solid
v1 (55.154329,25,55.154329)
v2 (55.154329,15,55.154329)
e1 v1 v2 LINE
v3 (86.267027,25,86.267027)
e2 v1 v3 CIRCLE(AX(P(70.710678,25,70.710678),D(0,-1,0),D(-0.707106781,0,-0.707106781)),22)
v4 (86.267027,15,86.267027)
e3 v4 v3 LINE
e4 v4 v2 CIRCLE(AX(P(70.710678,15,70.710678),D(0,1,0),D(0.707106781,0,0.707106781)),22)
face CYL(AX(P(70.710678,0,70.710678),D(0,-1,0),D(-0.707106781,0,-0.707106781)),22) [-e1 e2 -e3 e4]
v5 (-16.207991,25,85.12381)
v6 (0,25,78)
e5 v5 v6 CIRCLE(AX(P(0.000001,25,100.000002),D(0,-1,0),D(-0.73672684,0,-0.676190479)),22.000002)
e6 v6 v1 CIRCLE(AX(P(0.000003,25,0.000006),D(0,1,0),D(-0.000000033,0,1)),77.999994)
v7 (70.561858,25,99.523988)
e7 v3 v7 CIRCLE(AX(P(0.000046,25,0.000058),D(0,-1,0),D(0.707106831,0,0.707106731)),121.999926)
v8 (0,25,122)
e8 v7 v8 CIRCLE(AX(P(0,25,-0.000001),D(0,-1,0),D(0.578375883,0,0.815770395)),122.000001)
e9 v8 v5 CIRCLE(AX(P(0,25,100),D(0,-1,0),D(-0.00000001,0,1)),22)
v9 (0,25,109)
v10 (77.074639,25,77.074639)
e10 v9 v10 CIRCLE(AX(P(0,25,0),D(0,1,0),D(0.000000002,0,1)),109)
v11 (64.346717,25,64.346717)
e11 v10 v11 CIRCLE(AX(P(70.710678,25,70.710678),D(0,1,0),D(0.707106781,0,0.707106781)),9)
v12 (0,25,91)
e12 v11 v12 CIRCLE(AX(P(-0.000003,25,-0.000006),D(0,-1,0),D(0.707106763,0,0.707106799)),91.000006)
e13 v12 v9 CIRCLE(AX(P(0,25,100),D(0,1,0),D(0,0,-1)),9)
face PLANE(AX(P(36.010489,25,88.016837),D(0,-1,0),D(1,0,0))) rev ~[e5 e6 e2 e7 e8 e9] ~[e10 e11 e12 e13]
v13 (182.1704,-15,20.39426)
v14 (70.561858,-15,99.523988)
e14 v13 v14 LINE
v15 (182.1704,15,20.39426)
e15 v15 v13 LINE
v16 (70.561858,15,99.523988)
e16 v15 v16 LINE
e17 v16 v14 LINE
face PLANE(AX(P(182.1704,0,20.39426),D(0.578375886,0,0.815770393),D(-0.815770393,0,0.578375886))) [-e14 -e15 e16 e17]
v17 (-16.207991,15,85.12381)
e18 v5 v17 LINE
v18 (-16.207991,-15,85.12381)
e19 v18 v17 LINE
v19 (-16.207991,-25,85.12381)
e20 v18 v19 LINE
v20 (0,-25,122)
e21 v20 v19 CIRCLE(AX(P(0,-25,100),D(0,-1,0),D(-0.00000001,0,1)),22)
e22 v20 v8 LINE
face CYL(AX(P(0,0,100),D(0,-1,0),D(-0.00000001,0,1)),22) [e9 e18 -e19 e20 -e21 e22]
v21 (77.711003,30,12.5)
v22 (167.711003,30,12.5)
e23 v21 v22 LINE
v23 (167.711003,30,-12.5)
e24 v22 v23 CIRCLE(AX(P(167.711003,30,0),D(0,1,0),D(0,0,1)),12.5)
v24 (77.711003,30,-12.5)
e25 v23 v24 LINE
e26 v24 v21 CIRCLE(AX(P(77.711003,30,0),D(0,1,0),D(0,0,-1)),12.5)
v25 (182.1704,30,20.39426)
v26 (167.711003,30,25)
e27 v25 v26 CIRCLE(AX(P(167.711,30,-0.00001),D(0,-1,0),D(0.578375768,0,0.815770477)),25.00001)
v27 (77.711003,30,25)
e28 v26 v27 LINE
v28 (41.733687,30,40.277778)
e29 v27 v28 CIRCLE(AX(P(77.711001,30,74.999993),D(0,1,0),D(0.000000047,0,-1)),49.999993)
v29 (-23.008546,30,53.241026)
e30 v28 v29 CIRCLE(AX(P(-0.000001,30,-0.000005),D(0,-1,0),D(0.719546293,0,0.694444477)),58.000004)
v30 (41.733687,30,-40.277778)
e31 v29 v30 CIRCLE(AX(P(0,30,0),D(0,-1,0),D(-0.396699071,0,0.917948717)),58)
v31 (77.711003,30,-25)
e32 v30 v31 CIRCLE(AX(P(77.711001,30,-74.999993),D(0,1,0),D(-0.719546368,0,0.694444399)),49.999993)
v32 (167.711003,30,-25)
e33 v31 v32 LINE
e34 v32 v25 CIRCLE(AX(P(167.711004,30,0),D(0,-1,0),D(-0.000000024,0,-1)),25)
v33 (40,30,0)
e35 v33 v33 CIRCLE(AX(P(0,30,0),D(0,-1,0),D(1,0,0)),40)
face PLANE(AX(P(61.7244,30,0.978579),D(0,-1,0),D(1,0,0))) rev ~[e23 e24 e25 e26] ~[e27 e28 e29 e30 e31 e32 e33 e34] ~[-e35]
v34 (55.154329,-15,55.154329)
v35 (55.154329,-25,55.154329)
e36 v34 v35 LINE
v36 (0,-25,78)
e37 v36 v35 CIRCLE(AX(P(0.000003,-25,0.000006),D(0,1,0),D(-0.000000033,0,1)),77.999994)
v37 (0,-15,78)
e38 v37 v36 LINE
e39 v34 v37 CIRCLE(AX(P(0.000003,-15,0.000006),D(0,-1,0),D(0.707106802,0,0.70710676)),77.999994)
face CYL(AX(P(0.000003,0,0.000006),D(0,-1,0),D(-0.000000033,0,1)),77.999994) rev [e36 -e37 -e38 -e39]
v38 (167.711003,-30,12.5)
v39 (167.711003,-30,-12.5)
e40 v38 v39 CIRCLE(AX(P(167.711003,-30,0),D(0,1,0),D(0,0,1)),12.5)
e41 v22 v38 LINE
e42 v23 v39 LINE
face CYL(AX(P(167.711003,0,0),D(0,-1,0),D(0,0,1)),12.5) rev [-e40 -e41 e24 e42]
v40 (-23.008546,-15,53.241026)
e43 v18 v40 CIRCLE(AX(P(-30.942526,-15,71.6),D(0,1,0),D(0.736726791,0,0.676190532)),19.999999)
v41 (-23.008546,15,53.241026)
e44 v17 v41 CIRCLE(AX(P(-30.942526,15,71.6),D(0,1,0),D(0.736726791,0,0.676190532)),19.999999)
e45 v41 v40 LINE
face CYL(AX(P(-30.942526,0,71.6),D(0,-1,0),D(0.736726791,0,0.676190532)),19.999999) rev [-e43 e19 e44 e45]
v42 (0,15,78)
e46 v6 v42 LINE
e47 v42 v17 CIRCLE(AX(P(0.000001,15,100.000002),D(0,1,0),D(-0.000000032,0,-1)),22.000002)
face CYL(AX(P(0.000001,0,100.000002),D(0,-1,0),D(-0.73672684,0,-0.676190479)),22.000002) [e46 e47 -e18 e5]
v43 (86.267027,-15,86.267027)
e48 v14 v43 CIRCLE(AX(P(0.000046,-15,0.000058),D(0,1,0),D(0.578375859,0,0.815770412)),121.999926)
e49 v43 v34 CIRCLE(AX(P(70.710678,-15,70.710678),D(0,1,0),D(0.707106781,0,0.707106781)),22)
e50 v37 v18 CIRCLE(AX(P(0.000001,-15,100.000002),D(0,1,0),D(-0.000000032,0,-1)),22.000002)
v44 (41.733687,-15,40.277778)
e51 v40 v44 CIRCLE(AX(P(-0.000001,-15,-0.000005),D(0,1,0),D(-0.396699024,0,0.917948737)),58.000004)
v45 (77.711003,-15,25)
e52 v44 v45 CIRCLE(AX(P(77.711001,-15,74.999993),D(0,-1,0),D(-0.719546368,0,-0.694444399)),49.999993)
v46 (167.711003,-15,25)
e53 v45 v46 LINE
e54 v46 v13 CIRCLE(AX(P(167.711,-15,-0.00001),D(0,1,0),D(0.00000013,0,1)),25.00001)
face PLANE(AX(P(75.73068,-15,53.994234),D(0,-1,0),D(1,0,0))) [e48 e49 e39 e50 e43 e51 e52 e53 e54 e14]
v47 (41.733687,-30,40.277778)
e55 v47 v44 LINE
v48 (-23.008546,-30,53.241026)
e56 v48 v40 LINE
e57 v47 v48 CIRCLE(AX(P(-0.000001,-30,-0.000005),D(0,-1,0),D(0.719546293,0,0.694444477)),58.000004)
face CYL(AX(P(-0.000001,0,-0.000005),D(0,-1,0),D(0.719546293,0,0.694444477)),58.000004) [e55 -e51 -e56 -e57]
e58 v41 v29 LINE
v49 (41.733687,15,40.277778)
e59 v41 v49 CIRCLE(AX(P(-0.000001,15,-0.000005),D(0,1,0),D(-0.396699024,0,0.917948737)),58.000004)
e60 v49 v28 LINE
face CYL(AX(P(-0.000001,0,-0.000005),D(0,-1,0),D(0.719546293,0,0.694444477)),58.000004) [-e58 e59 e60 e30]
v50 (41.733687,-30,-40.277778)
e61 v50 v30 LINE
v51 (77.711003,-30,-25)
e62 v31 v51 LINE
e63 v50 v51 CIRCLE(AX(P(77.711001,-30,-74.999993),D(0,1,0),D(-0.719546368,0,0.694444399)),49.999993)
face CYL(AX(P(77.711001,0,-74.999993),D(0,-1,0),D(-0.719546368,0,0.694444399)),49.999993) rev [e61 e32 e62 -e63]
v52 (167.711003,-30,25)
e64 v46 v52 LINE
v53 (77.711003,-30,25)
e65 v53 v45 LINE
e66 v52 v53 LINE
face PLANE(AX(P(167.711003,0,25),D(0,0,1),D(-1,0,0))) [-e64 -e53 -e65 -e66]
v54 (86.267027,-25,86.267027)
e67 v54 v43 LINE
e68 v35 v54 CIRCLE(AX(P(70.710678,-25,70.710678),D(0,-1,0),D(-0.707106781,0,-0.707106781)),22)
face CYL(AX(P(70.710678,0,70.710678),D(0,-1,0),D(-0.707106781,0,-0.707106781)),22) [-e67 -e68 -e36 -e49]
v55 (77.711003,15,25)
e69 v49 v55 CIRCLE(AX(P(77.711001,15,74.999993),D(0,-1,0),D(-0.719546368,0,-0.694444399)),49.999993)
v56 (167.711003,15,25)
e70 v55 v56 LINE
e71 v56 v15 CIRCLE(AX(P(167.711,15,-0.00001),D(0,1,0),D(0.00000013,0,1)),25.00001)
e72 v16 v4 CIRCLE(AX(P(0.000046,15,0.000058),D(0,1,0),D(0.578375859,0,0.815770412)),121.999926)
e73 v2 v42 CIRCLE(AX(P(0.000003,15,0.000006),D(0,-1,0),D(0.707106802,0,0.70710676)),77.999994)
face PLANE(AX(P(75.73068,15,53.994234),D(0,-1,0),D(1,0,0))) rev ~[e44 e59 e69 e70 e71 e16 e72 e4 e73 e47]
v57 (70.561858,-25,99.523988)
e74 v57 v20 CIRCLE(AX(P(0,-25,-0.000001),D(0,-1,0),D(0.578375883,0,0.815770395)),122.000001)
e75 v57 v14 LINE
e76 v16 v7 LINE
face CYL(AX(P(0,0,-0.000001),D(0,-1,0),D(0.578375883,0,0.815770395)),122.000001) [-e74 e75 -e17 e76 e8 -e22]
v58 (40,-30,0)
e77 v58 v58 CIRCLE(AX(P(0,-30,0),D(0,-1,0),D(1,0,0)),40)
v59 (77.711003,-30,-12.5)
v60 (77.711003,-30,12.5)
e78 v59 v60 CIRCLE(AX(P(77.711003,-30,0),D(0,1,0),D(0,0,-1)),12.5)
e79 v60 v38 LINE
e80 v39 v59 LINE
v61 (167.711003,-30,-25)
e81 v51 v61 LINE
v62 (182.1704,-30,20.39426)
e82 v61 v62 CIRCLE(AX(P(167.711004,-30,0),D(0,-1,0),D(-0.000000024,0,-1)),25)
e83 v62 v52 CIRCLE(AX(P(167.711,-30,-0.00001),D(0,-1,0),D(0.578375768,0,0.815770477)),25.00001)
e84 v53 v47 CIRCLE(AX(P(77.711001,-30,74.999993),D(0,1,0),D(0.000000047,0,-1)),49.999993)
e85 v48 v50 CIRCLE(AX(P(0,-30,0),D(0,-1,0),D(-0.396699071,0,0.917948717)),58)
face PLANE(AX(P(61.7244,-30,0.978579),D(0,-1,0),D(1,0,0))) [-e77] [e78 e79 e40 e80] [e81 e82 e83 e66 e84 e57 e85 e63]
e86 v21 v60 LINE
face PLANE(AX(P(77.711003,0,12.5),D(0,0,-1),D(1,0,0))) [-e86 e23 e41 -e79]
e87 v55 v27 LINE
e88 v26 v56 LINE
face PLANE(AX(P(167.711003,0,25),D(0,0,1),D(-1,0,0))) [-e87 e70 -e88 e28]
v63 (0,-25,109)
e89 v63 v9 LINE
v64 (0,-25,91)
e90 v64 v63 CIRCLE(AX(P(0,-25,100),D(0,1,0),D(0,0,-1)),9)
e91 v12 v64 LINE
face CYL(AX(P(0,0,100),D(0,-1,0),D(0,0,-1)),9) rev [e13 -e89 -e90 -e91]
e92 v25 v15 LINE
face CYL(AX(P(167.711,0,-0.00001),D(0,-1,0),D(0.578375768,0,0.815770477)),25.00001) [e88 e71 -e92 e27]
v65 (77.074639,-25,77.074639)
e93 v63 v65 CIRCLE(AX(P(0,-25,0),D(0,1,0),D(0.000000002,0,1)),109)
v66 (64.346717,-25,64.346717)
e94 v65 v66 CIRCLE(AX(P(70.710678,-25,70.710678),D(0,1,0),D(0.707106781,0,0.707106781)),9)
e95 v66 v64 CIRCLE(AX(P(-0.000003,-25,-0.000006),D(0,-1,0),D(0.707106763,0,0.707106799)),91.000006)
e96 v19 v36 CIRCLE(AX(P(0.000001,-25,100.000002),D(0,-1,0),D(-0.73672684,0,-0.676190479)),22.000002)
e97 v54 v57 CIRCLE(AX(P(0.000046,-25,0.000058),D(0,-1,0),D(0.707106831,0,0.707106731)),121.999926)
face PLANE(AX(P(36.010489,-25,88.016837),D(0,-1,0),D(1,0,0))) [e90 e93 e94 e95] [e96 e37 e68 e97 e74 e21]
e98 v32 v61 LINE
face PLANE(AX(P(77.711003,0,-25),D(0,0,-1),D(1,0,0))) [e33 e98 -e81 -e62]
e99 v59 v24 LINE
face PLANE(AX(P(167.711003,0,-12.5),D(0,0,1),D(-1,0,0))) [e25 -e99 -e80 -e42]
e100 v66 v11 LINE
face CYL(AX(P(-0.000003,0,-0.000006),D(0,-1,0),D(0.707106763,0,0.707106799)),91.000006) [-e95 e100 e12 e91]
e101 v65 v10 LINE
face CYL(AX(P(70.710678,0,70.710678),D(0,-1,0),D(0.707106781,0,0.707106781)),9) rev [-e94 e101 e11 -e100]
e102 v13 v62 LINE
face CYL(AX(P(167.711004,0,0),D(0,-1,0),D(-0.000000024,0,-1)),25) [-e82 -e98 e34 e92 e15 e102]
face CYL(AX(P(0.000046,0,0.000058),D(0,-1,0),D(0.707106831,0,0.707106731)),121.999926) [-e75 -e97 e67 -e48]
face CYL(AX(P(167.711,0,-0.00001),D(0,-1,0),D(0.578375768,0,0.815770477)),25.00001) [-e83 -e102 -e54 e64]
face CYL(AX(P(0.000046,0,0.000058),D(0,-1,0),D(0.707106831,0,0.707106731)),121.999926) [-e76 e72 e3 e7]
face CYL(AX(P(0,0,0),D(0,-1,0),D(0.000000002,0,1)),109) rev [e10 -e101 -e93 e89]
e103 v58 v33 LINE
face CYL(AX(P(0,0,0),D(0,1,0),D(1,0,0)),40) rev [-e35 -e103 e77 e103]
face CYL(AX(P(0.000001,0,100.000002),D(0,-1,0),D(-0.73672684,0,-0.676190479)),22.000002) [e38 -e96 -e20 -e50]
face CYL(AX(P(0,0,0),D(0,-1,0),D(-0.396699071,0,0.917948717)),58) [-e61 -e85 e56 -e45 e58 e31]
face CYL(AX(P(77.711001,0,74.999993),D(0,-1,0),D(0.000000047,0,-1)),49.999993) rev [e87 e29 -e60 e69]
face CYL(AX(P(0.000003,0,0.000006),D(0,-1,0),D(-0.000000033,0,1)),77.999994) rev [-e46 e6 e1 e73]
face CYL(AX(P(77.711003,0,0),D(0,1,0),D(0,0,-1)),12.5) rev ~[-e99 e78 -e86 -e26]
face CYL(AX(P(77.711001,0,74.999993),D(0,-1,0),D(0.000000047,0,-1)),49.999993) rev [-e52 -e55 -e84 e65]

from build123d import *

# Parameters (mm, degrees)
F0_R     = 40
F1_DEPTH = 30
F2_DEPTH = 15
F3_DEPTH = 25


with BuildPart() as f1:
    # F0 (on Front) → F1 (new body, symmetric)
    with BuildSketch(Plane.XZ):
        with BuildLine():
            ThreePointArc((41.733687, -40.277778), (58.167604, -28.977662), (77.711003, -25))
            Line((77.711003, -25), (167.711003, -25))
            ThreePointArc((167.711003, -25), (191.531756, -7.587605), (182.1704, 20.39426))
            ThreePointArc((182.1704, 20.39426), (175.298608, 23.820752), (167.711003, 25))
            Line((167.711003, 25), (77.711003, 25))
            ThreePointArc((77.711003, 25), (58.167604, 28.977662), (41.733687, 40.277778))
            ThreePointArc((41.733687, 40.277778), (11.387237, 56.871177), (-23.008546, 53.241026))
            ThreePointArc((-23.008546, 53.241026), (-47.687518, -33.013643), (41.733687, -40.277778))
        make_face()
        Circle(F0_R, mode=Mode.SUBTRACT)
        with BuildLine():
            ThreePointArc((77.711003, -12.5), (65.211003, 0), (77.711003, 12.5))
            Line((77.711003, 12.5), (167.711003, 12.5))
            ThreePointArc((167.711003, 12.5), (180.211003, 0), (167.711003, -12.5))
            Line((167.711003, -12.5), (77.711003, -12.5))
        make_face(mode=Mode.SUBTRACT)
    extrude(amount=F1_DEPTH, both=True)

    # F0 (on Front) → F2 (join, symmetric)
    with BuildSketch(Plane.XZ):
        with BuildLine():
            ThreePointArc((-16.207991, 85.12381), (-11.382532, 67.427879), (-23.008546, 53.241026))
            ThreePointArc((-23.008546, 53.241026), (11.387237, 56.871177), (41.733687, 40.277778))
            ThreePointArc((41.733687, 40.277778), (58.167604, 28.977662), (77.711003, 25))
            Line((77.711003, 25), (167.711003, 25))
            ThreePointArc((167.711003, 25), (175.298608, 23.820752), (182.1704, 20.39426))
            Line((182.1704, 20.39426), (70.561858, 99.523988))
            ThreePointArc((70.561858, 99.523988), (78.694101, 93.226812), (86.267027, 86.267027))
            ThreePointArc((86.267027, 86.267027), (86.267027, 55.154329), (55.154329, 55.154329))
            ThreePointArc((55.154329, 55.154329), (29.849308, 72.062604), (0, 78))
            ThreePointArc((0, 78), (-8.852226, 79.859541), (-16.207991, 85.12381))
        make_face()
    extrude(amount=F2_DEPTH, both=True)

    # F0 (on Front) → F3 (join, symmetric)
    with BuildSketch(Plane.XZ):
        with BuildLine():
            ThreePointArc((0, 122), (-20.140459, 108.852226), (-16.207991, 85.12381))
            ThreePointArc((-16.207991, 85.12381), (-8.852226, 79.859541), (0, 78))
            ThreePointArc((0, 78), (29.849308, 72.062604), (55.154329, 55.154329))
            ThreePointArc((55.154329, 55.154329), (86.267027, 55.154329), (86.267027, 86.267027))
            ThreePointArc((86.267027, 86.267027), (78.694101, 93.226812), (70.561858, 99.523988))
            ThreePointArc((70.561858, 99.523988), (37.027513, 116.245272), (0, 122))
        make_face()
        with BuildLine():
            ThreePointArc((0, 91), (-9, 100), (0, 109))
            ThreePointArc((0, 109), (41.712494, 100.702869), (77.074639, 77.074639))
            ThreePointArc((77.074639, 77.074639), (77.074639, 64.346717), (64.346717, 64.346717))
            ThreePointArc((64.346717, 64.346717), (34.824192, 84.073037), (0, 91))
        make_face(mode=Mode.SUBTRACT)
    extrude(amount=F3_DEPTH, both=True)


solid = f1.part
